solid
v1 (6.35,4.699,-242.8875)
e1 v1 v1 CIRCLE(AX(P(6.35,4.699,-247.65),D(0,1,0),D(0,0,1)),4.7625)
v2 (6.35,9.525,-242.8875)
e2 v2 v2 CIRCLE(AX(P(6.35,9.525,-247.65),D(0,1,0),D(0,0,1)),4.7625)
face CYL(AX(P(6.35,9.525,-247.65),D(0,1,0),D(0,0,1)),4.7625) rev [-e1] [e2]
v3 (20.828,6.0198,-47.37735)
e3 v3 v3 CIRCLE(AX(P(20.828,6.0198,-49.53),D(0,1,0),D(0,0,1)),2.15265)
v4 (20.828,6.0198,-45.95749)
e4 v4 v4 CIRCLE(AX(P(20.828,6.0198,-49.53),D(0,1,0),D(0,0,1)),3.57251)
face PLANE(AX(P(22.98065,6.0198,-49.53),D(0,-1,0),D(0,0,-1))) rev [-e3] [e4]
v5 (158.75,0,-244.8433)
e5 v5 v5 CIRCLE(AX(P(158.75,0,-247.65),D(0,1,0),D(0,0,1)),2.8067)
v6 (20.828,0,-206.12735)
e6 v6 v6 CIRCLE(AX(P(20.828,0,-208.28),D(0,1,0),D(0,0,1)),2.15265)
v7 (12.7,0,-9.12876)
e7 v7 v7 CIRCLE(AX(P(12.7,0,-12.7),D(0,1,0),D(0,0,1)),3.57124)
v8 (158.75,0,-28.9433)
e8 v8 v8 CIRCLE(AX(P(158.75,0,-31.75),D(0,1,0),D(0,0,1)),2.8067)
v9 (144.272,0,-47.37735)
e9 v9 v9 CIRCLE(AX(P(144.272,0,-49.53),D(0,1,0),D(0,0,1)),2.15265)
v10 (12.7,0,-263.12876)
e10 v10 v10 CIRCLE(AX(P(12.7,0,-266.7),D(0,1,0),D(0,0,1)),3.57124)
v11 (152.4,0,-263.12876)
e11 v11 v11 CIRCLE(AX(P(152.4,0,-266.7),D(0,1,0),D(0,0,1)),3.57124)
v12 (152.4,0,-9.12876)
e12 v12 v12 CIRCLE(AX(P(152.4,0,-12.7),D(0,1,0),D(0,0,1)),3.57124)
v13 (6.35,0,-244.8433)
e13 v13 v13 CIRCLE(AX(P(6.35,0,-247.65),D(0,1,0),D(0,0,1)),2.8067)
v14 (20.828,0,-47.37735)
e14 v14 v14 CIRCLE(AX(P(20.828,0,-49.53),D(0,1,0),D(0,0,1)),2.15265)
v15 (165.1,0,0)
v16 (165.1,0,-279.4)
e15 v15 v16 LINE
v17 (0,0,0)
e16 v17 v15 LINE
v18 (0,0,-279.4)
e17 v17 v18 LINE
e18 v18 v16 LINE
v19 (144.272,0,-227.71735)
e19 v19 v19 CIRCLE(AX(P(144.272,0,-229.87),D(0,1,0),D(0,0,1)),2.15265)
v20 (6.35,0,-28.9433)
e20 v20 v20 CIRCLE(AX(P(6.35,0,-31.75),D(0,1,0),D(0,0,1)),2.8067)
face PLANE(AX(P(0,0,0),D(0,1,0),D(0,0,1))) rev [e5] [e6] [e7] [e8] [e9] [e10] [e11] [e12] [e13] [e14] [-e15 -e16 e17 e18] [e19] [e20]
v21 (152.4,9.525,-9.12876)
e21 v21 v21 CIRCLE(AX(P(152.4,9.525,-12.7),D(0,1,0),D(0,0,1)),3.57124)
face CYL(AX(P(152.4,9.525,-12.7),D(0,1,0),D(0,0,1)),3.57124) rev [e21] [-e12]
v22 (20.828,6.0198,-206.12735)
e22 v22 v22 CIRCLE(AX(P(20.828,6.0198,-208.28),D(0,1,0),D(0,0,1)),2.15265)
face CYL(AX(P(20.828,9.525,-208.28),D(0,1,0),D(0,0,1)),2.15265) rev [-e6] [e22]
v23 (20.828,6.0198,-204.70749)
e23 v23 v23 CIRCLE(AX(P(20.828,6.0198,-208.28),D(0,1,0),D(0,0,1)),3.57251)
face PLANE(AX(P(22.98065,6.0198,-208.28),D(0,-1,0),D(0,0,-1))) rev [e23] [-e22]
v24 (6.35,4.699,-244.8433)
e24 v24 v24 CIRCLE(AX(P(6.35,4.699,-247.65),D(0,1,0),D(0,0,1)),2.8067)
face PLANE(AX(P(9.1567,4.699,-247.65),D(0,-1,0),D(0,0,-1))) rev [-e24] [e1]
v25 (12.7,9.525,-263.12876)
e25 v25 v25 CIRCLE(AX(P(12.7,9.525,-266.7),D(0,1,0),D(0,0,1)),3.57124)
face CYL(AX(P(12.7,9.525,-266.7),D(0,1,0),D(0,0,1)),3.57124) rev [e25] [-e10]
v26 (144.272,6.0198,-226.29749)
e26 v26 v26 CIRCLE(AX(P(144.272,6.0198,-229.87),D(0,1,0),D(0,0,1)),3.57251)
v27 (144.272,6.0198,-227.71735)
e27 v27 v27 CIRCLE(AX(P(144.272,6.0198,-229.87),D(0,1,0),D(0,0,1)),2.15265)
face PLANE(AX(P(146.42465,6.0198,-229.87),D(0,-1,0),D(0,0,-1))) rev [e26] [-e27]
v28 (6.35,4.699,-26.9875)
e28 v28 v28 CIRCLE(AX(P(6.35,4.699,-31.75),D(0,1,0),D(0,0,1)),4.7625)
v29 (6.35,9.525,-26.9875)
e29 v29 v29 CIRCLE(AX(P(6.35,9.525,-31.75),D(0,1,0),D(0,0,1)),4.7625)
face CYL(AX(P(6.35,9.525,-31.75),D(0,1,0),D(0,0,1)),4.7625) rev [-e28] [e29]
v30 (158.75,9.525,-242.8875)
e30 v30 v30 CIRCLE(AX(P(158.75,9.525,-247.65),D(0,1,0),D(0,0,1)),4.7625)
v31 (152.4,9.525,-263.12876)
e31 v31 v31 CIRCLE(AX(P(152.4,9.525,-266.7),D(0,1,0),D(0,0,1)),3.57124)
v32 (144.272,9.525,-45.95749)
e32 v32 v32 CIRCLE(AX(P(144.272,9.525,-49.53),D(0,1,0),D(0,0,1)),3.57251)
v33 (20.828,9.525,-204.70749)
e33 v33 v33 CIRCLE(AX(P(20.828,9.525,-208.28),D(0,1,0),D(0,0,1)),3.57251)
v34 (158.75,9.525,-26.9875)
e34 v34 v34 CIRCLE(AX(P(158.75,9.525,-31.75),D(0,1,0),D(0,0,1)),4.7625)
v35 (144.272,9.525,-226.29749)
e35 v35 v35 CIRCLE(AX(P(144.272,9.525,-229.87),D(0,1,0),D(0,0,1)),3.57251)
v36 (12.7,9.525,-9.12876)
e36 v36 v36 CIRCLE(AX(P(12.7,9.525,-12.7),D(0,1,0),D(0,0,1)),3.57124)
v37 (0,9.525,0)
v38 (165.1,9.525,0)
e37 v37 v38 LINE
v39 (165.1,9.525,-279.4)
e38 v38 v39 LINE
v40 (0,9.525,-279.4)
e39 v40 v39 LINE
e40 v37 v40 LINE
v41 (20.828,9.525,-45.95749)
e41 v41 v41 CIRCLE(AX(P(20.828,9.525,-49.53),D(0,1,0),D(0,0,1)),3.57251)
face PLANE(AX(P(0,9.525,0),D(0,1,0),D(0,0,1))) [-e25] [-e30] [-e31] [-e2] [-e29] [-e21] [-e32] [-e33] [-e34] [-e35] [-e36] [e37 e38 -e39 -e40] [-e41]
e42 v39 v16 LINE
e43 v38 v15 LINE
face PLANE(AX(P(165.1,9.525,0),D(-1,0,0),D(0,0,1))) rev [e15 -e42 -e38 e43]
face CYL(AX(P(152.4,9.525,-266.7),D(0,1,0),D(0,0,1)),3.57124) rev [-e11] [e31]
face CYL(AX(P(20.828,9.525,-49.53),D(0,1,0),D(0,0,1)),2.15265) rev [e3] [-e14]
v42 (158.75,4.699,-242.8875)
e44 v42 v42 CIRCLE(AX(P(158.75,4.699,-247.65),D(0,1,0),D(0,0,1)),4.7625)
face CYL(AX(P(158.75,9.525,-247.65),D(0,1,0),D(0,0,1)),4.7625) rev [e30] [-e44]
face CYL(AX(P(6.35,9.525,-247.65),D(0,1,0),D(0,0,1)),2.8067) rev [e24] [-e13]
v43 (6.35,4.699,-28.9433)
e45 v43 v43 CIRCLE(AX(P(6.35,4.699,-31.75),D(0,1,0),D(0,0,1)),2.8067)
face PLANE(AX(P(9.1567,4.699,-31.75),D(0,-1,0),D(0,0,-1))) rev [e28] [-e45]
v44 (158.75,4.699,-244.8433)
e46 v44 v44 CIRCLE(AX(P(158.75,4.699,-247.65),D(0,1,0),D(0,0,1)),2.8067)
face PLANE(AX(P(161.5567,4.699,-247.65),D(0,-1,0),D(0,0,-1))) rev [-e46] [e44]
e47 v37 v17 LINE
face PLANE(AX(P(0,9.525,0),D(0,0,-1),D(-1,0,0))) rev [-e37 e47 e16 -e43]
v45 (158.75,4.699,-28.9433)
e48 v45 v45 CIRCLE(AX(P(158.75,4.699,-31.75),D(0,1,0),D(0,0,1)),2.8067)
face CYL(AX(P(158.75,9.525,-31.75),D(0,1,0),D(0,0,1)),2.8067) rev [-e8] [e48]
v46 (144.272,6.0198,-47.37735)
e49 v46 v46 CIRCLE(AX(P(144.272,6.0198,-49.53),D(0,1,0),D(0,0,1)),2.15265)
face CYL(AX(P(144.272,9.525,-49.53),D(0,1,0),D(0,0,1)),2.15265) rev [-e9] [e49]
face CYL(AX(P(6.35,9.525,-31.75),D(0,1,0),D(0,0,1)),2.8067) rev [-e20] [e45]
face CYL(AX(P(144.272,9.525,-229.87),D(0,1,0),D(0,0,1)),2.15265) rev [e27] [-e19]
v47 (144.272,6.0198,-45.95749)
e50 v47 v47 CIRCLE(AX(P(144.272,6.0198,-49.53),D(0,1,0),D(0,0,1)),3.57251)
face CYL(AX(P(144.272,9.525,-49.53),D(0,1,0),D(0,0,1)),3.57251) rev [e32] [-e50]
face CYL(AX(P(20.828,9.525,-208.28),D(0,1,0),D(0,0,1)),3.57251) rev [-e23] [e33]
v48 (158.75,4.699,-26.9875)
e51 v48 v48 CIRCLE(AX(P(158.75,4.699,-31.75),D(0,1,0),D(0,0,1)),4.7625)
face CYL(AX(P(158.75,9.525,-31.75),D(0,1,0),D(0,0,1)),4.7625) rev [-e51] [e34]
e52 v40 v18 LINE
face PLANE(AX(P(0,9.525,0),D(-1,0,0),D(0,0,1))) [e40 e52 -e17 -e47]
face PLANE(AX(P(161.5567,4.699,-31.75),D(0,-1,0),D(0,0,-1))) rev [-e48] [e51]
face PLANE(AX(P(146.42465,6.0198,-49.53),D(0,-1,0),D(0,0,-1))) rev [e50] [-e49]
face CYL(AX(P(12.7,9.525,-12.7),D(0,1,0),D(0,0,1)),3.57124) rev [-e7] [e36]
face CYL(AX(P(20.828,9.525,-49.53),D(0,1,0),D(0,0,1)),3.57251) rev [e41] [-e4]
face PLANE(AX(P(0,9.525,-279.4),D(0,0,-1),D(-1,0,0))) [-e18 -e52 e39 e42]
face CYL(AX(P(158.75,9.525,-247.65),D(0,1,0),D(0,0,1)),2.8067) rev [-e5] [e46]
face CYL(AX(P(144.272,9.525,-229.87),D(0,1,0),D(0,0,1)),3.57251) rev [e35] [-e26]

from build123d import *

# Parameters (mm, degrees)
SKETCH1_W                                       = 165.1
SKETCH1_H                                       = 279.4
BOSS_EXTRUDE1_DEPTH                             = 9.525
F_1_4_CLEARANCE_HOLE1_D                         = 7.14248
CBORE_FOR_10_SOCKET_HEAD_CAP_SCREW1_D           = 5.6134
CBORE_FOR_10_SOCKET_HEAD_CAP_SCREW1_CBORE_D     = 9.525
CBORE_FOR_10_SOCKET_HEAD_CAP_SCREW1_CBORE_DEPTH = 4.826
CBORE_FOR_6_SOCKET_HEAD_CAP_SCREW1_D            = 4.3053
CBORE_FOR_6_SOCKET_HEAD_CAP_SCREW1_CBORE_D      = 7.14502
CBORE_FOR_6_SOCKET_HEAD_CAP_SCREW1_CBORE_DEPTH  = 3.5052


with BuildPart() as part:
    # Sketch1 → Boss-Extrude1 (new body)
    with BuildSketch(Plane(origin=(0, 0, 0), x_dir=(1, 0, 0), z_dir=(0, 1, 0))):
        with Locations((82.55, 139.7)):
            Rectangle(SKETCH1_W, SKETCH1_H)
    extrude(amount=BOSS_EXTRUDE1_DEPTH)

    # 1/4 Clearance Hole1 (through all)
    with Locations(Plane(origin=(0, 9.525, 0), x_dir=(1, 0, 0), z_dir=(0, 1, 0))):
        with Locations((152.4, 12.7), (12.7, 12.7), (12.7, 266.7), (152.4, 266.7)):
            Hole(F_1_4_CLEARANCE_HOLE1_D / 2)

    # CBORE for #10 Socket Head Cap Screw1 (through all)
    with Locations(Plane(origin=(0, 9.525, 0), x_dir=(1, 0, 0), z_dir=(0, 1, 0))):
        with Locations((6.35, 247.65), (6.35, 31.75), (158.75, 31.75), (158.75, 247.65)):
            CounterBoreHole(CBORE_FOR_10_SOCKET_HEAD_CAP_SCREW1_D / 2, CBORE_FOR_10_SOCKET_HEAD_CAP_SCREW1_CBORE_D / 2, CBORE_FOR_10_SOCKET_HEAD_CAP_SCREW1_CBORE_DEPTH)

    # CBORE for #6 Socket Head Cap Screw1 (through all)
    with Locations(Plane(origin=(0, 9.525, 0), x_dir=(1, 0, 0), z_dir=(0, 1, 0))):
        with Locations((144.272, 229.87), (144.272, 49.53), (20.828, 49.53), (20.828, 208.28)):
            CounterBoreHole(CBORE_FOR_6_SOCKET_HEAD_CAP_SCREW1_D / 2, CBORE_FOR_6_SOCKET_HEAD_CAP_SCREW1_CBORE_D / 2, CBORE_FOR_6_SOCKET_HEAD_CAP_SCREW1_CBORE_DEPTH)


solid = part.part
